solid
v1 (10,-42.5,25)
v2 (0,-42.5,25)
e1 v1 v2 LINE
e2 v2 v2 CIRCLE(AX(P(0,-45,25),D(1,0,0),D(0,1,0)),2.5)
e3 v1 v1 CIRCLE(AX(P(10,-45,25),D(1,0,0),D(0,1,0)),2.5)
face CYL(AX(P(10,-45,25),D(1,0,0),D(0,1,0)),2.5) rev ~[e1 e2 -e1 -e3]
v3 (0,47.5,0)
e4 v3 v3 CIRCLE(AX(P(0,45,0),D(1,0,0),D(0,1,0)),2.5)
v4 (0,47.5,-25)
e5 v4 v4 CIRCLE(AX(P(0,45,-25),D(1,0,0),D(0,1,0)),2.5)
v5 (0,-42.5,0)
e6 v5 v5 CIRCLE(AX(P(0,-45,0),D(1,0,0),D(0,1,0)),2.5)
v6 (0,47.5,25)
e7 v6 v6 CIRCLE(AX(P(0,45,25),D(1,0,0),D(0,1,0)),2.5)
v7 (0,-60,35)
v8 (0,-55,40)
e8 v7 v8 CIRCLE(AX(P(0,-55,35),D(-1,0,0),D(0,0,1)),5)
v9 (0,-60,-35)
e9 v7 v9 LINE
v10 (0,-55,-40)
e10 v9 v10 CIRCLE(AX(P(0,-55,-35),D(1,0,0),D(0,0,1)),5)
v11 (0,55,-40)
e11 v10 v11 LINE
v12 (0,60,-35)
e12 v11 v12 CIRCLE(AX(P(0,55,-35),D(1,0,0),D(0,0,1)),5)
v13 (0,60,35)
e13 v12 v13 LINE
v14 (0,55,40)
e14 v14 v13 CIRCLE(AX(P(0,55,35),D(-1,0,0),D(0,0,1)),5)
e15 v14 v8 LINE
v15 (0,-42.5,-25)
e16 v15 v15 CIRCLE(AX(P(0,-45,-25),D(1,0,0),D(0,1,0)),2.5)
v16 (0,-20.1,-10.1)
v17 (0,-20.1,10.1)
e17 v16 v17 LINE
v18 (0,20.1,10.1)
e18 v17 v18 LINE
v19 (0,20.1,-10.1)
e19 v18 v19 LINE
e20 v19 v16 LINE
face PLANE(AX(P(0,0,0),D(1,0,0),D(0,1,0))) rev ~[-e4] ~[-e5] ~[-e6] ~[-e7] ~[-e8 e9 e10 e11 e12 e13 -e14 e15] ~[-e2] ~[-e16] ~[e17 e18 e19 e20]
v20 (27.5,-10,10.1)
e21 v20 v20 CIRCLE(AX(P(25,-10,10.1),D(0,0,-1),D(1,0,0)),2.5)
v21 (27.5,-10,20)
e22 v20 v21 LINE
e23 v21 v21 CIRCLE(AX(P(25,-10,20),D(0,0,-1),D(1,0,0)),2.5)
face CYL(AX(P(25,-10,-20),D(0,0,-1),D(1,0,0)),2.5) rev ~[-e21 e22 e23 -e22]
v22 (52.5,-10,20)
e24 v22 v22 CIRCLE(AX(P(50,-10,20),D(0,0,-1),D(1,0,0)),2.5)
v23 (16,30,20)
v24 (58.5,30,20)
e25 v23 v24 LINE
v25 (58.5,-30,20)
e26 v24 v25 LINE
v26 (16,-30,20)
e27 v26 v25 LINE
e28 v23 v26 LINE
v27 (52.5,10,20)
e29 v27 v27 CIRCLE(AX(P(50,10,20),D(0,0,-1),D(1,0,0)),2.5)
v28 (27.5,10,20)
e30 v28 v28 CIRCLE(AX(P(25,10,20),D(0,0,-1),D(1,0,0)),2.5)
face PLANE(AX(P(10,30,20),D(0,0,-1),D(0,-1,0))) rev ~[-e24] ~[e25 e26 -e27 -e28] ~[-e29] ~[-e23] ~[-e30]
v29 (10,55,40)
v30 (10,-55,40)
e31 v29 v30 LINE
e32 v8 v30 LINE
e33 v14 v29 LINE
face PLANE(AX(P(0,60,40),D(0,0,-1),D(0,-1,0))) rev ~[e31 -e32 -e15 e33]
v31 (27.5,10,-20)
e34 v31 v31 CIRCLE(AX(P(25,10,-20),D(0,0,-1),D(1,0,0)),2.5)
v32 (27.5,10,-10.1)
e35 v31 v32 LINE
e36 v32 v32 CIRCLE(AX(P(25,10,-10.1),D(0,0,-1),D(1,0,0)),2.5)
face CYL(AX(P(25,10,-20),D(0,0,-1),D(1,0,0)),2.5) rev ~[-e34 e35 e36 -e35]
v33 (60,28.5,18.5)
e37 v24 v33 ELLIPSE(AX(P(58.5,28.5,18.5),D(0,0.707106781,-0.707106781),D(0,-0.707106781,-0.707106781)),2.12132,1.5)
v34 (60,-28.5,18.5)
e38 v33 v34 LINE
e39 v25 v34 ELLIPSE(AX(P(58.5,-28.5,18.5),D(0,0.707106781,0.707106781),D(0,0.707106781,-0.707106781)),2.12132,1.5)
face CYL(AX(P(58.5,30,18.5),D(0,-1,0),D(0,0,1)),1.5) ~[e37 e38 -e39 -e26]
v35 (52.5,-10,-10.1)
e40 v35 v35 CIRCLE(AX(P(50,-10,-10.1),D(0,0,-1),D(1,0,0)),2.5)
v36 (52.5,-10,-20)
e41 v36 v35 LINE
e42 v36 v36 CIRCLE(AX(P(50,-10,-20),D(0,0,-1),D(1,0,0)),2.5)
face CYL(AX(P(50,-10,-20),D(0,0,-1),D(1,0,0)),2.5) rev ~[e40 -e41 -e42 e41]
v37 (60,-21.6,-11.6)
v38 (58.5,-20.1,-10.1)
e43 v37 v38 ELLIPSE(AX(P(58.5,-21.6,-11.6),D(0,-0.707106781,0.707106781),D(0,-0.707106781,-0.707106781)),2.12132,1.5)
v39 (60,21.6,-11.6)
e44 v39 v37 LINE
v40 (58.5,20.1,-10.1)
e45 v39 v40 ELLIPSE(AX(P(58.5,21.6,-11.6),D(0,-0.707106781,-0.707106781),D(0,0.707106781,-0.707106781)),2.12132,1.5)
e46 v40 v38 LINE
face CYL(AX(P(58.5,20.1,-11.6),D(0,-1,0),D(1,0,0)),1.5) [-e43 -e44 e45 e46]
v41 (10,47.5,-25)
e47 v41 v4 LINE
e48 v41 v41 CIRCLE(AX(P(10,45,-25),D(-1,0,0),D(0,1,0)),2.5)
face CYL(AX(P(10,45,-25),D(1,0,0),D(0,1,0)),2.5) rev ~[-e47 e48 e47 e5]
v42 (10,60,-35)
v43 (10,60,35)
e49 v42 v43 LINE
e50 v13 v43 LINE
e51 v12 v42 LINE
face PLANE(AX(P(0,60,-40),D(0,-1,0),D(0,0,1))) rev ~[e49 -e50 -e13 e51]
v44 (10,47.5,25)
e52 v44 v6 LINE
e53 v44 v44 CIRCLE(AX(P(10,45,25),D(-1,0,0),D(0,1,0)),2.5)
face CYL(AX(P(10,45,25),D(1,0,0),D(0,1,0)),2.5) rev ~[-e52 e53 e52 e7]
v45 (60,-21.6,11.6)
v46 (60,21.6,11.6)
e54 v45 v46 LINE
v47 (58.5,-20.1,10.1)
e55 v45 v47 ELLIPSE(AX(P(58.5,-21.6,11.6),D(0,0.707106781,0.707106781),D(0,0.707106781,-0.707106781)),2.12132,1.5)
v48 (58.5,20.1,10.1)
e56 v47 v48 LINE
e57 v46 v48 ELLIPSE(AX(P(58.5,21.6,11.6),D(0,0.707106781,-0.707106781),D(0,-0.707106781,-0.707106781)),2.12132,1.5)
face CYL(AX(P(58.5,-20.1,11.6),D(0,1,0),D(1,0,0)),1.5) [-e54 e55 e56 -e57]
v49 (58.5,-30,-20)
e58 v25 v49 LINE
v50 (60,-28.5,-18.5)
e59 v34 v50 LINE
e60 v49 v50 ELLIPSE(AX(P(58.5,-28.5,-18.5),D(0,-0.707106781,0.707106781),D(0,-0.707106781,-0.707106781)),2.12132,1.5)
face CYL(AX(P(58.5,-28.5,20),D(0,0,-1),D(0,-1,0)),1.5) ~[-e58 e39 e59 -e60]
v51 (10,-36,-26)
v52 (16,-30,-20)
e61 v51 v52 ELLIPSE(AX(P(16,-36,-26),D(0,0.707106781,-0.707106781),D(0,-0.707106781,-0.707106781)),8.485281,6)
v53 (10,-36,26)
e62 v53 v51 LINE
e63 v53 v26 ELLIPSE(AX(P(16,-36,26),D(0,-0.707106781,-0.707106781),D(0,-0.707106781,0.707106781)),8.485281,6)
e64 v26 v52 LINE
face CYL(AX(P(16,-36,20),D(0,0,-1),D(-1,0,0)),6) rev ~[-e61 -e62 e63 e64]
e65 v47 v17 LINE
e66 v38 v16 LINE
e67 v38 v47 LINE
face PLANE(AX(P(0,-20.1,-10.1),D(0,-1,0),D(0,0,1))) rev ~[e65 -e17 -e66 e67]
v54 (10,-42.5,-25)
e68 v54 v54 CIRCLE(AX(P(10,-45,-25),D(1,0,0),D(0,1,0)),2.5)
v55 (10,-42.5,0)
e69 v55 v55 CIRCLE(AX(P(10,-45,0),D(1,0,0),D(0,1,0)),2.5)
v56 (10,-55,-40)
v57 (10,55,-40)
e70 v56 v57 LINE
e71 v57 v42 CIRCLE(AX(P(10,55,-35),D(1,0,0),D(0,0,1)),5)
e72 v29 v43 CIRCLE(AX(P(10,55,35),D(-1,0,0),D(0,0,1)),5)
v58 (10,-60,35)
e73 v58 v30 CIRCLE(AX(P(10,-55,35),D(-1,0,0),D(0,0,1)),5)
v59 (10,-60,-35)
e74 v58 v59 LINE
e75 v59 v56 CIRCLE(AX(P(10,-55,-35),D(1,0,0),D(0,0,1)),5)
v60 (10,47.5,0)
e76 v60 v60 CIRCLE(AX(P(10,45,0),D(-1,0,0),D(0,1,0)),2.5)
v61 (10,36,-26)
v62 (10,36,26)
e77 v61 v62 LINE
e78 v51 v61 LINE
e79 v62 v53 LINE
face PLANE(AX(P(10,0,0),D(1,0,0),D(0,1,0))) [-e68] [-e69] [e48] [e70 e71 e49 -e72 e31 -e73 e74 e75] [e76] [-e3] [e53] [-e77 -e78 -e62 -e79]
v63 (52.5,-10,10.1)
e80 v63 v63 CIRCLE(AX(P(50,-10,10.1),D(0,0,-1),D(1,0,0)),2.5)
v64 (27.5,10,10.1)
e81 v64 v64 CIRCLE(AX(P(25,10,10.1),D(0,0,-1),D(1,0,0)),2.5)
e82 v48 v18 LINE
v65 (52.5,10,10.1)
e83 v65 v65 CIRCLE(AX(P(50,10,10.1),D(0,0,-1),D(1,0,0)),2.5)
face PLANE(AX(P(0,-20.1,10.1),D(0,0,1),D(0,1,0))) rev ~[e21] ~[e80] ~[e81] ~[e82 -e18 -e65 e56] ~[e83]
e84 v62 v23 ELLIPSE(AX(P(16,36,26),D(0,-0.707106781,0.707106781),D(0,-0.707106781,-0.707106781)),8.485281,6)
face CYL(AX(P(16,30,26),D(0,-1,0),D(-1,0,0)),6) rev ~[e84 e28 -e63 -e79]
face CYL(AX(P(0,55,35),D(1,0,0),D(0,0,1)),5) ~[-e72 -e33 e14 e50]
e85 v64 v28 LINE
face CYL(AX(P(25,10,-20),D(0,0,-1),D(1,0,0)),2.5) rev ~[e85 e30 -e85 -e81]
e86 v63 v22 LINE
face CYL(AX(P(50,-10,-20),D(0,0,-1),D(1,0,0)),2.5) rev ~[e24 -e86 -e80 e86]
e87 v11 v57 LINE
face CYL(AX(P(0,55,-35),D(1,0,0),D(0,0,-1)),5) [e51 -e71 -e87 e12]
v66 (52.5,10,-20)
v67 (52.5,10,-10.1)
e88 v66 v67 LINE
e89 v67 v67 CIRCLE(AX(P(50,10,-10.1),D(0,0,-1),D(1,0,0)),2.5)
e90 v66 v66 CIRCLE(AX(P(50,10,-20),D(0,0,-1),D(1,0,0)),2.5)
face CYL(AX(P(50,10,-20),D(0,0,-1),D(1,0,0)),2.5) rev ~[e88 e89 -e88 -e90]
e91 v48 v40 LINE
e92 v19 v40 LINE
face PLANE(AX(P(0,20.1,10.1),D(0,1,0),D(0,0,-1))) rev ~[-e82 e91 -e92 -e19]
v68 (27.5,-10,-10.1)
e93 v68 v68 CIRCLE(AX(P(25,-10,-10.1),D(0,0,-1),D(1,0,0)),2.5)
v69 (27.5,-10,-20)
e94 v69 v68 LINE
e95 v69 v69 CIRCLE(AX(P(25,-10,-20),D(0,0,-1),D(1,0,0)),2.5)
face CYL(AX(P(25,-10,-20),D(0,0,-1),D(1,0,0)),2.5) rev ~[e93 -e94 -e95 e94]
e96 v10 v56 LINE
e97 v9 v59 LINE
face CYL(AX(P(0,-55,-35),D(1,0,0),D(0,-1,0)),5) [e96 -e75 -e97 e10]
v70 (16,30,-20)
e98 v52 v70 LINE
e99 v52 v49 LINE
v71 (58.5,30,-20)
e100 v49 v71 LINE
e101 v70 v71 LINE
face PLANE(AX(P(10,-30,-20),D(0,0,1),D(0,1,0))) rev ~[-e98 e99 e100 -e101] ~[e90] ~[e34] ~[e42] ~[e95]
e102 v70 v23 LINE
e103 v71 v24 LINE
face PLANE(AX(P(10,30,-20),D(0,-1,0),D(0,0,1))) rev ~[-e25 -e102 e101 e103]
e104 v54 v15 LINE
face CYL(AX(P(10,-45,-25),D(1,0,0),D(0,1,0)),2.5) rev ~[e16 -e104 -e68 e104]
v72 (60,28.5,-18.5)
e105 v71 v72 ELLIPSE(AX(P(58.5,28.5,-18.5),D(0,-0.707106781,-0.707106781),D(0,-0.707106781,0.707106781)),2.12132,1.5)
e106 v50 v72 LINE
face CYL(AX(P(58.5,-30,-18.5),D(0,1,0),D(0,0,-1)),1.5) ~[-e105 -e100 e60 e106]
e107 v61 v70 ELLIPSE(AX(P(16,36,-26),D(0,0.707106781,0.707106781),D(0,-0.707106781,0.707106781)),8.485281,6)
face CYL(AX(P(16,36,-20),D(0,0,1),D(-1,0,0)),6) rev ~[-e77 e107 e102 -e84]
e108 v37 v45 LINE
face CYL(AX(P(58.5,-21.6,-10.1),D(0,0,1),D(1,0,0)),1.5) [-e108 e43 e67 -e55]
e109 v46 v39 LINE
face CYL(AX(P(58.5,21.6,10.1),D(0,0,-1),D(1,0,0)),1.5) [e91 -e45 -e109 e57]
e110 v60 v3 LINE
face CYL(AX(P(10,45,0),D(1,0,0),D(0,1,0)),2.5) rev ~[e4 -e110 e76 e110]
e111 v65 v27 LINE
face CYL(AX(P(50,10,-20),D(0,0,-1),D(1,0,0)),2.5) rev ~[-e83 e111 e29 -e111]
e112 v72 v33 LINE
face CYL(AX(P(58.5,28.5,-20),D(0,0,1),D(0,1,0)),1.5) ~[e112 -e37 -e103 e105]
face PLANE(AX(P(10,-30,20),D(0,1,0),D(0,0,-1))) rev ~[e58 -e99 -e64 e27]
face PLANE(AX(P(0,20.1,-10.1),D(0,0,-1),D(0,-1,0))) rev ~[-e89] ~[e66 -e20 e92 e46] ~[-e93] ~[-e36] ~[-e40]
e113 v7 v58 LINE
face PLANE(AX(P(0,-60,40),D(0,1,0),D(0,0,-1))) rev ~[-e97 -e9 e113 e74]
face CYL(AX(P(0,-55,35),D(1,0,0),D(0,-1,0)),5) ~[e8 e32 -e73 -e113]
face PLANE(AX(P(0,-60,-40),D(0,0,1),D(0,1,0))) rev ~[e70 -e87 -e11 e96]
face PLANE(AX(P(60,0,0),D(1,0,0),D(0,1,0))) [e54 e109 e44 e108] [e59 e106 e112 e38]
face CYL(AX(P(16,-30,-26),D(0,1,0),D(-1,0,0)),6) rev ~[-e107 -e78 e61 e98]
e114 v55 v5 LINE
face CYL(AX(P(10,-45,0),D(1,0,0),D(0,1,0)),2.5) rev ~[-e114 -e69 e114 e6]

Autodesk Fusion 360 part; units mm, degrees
sketch "Schizzo1" plane through (0, 0, 0) normal (1, 0, 0) x (0, 1, 0)
  line L0 (20.1, -10.1) -> (-20.1, -10.1)
  line L1 (-20.1, -10.1) -> (-20.1, 10.1)
  line L2 (-20.1, 10.1) -> (20.1, 10.1)
  line L3 (20.1, 10.1) -> (20.1, -10.1)
  line L4 (20.1, -10.1) -> (-20.1, 10.1) construction
  line L5 (-20.1, -10.1) -> (20.1, 10.1) construction
  line L6 (-60, -40) -> (60, -40)
  line L7 (60, -40) -> (60, 40)
  line L8 (60, 40) -> (-60, 40)
  line L9 (-60, 40) -> (-60, -40)
  line L10 (-60, -40) -> (60, 40) construction
  line L11 (60, -40) -> (-60, 40) construction
  dimension "d1" = 40.2
  dimension "d2" = 20.2
  dimension "d3" = 120
  dimension "d4" = 80
extrude "Estrusione1" add sketch "Schizzo1" along normal blind 10
sketch "Schizzo2" plane through (10, 0, 0) normal (1, 0, 0) x (0, 1, 0)
  line L0 (-20.1, 10.1) -> (20.1, 10.1)
  line L1 (20.1, 10.1) -> (20.1, -10.1)
  line L2 (20.1, -10.1) -> (-20.1, -10.1)
  line L3 (-20.1, -10.1) -> (-20.1, 10.1)
  line L4 (-60, 40) -> (-60, -40)
  line L5 (-60, -40) -> (60, -40)
  line L6 (60, -40) -> (60, 40)
  line L7 (60, 40) -> (-60, 40)
  line L8 (-20.1, -10.1) -> (20.1, -10.1)
  line L9 (20.1, -10.1) -> (20.1, 10.1)
  line L10 (20.1, 10.1) -> (-20.1, 10.1)
  line L11 (-20.1, 10.1) -> (-20.1, -10.1)
  line L12 (-20.1, -10.1) -> (20.1, 10.1) construction
  line L13 (20.1, -10.1) -> (-20.1, 10.1) construction
  line L14 (-30, -20) -> (30, -20)
  line L15 (30, -20) -> (30, 20)
  line L16 (30, 20) -> (-30, 20)
  line L17 (-30, 20) -> (-30, -20)
  line L18 (-30, -20) -> (30, 20) construction
  line L19 (30, -20) -> (-30, 20) construction
  dimension "d7" = 60
  dimension "d8" = 40
extrude "Estrusione2" add sketch "Schizzo2" along normal blind 50 contours L14 L15 L16 L17
sketch "Schizzo3" plane through (0, 0, -20) normal (0, 0, -1) x (1, 0, 0)
  line L0 (10, 30) -> (10, -30)
  line L1 (10, -30) -> (60, -30)
  line L2 (60, -30) -> (60, 30)
  line L3 (60, 30) -> (10, 30)
  line L4 (60, 0) -> (0, 0) construction
  line L5 (60, -10) -> (0, -10) construction
  circle A0 centre (50, -10) radius 2.5
  circle A1 centre (25, -10) radius 2.5
  circle A2 centre (50, 10) radius 2.5
  circle A3 centre (25, 10) radius 2.5
  point P0 (35, -10)
  dimension "d11" = 10
  dimension "d12" = 5
  dimension "d13" = 5
  dimension "d14" = 25
  dimension "d15" = 15
  dimension "d16" = 25
extrude "Estrusione3" cut sketch "Schizzo3" against normal blind 43 contours A0 | A1 | A2 | A3
sketch "Schizzo4" plane through (10, 0, 0) normal (1, 0, 0) x (0, 1, 0)
  line L0 (-30, 20) -> (30, 20)
  line L1 (30, 20) -> (30, -20)
  line L2 (30, -20) -> (-30, -20)
  line L3 (-30, -20) -> (-30, 20)
  line L4 (-60, 40) -> (-60, -40)
  line L5 (-60, -40) -> (60, -40)
  line L6 (60, -40) -> (60, 40)
  line L7 (60, 40) -> (-60, 40)
  line L8 (0, 40) -> (0, -40) construction
  line L9 (45, -40) -> (45, 40)
  circle A0 centre (45, 0) radius 2.5
  circle A1 centre (45, -25) radius 2.5
  circle A2 centre (45, 25) radius 2.5
  circle A3 centre (-45, -25) radius 2.5
  circle A4 centre (-45, 0) radius 2.5
  circle A5 centre (-45, 25) radius 2.5
  dimension "d19" = 5
  dimension "d20" = 5
  dimension "d21" = 5
  dimension "d22" = 25
  dimension "d23" = 25
extrude "Estrusione4" cut sketch "Schizzo4" against normal blind 25 contours L9 A2 | L9 A2 | L9 A1 | L9 A1 | L9 A0 | L9 A0 | A3 | A4 | A5
fillet "Raccordo1" radius 5 4 edges at (5, 60, -40) (5, 60, 40) (5, -60, 40) (5, -60, -40)
fillet "Raccordo2" radius 6 4 edges at (10, 0, 20) (10, -30, 0) (10, 30, 0) (10, 0, -20)
fillet "Raccordo3" radius 1.5 8 edges at (60, 20.1, 0) (60, 0, -10.1) (60, 0, 10.1) (60, -20.1, 0) (60, -30, 0) (60, 0, 20) (60, 30, 0) (60, 0, -20)
